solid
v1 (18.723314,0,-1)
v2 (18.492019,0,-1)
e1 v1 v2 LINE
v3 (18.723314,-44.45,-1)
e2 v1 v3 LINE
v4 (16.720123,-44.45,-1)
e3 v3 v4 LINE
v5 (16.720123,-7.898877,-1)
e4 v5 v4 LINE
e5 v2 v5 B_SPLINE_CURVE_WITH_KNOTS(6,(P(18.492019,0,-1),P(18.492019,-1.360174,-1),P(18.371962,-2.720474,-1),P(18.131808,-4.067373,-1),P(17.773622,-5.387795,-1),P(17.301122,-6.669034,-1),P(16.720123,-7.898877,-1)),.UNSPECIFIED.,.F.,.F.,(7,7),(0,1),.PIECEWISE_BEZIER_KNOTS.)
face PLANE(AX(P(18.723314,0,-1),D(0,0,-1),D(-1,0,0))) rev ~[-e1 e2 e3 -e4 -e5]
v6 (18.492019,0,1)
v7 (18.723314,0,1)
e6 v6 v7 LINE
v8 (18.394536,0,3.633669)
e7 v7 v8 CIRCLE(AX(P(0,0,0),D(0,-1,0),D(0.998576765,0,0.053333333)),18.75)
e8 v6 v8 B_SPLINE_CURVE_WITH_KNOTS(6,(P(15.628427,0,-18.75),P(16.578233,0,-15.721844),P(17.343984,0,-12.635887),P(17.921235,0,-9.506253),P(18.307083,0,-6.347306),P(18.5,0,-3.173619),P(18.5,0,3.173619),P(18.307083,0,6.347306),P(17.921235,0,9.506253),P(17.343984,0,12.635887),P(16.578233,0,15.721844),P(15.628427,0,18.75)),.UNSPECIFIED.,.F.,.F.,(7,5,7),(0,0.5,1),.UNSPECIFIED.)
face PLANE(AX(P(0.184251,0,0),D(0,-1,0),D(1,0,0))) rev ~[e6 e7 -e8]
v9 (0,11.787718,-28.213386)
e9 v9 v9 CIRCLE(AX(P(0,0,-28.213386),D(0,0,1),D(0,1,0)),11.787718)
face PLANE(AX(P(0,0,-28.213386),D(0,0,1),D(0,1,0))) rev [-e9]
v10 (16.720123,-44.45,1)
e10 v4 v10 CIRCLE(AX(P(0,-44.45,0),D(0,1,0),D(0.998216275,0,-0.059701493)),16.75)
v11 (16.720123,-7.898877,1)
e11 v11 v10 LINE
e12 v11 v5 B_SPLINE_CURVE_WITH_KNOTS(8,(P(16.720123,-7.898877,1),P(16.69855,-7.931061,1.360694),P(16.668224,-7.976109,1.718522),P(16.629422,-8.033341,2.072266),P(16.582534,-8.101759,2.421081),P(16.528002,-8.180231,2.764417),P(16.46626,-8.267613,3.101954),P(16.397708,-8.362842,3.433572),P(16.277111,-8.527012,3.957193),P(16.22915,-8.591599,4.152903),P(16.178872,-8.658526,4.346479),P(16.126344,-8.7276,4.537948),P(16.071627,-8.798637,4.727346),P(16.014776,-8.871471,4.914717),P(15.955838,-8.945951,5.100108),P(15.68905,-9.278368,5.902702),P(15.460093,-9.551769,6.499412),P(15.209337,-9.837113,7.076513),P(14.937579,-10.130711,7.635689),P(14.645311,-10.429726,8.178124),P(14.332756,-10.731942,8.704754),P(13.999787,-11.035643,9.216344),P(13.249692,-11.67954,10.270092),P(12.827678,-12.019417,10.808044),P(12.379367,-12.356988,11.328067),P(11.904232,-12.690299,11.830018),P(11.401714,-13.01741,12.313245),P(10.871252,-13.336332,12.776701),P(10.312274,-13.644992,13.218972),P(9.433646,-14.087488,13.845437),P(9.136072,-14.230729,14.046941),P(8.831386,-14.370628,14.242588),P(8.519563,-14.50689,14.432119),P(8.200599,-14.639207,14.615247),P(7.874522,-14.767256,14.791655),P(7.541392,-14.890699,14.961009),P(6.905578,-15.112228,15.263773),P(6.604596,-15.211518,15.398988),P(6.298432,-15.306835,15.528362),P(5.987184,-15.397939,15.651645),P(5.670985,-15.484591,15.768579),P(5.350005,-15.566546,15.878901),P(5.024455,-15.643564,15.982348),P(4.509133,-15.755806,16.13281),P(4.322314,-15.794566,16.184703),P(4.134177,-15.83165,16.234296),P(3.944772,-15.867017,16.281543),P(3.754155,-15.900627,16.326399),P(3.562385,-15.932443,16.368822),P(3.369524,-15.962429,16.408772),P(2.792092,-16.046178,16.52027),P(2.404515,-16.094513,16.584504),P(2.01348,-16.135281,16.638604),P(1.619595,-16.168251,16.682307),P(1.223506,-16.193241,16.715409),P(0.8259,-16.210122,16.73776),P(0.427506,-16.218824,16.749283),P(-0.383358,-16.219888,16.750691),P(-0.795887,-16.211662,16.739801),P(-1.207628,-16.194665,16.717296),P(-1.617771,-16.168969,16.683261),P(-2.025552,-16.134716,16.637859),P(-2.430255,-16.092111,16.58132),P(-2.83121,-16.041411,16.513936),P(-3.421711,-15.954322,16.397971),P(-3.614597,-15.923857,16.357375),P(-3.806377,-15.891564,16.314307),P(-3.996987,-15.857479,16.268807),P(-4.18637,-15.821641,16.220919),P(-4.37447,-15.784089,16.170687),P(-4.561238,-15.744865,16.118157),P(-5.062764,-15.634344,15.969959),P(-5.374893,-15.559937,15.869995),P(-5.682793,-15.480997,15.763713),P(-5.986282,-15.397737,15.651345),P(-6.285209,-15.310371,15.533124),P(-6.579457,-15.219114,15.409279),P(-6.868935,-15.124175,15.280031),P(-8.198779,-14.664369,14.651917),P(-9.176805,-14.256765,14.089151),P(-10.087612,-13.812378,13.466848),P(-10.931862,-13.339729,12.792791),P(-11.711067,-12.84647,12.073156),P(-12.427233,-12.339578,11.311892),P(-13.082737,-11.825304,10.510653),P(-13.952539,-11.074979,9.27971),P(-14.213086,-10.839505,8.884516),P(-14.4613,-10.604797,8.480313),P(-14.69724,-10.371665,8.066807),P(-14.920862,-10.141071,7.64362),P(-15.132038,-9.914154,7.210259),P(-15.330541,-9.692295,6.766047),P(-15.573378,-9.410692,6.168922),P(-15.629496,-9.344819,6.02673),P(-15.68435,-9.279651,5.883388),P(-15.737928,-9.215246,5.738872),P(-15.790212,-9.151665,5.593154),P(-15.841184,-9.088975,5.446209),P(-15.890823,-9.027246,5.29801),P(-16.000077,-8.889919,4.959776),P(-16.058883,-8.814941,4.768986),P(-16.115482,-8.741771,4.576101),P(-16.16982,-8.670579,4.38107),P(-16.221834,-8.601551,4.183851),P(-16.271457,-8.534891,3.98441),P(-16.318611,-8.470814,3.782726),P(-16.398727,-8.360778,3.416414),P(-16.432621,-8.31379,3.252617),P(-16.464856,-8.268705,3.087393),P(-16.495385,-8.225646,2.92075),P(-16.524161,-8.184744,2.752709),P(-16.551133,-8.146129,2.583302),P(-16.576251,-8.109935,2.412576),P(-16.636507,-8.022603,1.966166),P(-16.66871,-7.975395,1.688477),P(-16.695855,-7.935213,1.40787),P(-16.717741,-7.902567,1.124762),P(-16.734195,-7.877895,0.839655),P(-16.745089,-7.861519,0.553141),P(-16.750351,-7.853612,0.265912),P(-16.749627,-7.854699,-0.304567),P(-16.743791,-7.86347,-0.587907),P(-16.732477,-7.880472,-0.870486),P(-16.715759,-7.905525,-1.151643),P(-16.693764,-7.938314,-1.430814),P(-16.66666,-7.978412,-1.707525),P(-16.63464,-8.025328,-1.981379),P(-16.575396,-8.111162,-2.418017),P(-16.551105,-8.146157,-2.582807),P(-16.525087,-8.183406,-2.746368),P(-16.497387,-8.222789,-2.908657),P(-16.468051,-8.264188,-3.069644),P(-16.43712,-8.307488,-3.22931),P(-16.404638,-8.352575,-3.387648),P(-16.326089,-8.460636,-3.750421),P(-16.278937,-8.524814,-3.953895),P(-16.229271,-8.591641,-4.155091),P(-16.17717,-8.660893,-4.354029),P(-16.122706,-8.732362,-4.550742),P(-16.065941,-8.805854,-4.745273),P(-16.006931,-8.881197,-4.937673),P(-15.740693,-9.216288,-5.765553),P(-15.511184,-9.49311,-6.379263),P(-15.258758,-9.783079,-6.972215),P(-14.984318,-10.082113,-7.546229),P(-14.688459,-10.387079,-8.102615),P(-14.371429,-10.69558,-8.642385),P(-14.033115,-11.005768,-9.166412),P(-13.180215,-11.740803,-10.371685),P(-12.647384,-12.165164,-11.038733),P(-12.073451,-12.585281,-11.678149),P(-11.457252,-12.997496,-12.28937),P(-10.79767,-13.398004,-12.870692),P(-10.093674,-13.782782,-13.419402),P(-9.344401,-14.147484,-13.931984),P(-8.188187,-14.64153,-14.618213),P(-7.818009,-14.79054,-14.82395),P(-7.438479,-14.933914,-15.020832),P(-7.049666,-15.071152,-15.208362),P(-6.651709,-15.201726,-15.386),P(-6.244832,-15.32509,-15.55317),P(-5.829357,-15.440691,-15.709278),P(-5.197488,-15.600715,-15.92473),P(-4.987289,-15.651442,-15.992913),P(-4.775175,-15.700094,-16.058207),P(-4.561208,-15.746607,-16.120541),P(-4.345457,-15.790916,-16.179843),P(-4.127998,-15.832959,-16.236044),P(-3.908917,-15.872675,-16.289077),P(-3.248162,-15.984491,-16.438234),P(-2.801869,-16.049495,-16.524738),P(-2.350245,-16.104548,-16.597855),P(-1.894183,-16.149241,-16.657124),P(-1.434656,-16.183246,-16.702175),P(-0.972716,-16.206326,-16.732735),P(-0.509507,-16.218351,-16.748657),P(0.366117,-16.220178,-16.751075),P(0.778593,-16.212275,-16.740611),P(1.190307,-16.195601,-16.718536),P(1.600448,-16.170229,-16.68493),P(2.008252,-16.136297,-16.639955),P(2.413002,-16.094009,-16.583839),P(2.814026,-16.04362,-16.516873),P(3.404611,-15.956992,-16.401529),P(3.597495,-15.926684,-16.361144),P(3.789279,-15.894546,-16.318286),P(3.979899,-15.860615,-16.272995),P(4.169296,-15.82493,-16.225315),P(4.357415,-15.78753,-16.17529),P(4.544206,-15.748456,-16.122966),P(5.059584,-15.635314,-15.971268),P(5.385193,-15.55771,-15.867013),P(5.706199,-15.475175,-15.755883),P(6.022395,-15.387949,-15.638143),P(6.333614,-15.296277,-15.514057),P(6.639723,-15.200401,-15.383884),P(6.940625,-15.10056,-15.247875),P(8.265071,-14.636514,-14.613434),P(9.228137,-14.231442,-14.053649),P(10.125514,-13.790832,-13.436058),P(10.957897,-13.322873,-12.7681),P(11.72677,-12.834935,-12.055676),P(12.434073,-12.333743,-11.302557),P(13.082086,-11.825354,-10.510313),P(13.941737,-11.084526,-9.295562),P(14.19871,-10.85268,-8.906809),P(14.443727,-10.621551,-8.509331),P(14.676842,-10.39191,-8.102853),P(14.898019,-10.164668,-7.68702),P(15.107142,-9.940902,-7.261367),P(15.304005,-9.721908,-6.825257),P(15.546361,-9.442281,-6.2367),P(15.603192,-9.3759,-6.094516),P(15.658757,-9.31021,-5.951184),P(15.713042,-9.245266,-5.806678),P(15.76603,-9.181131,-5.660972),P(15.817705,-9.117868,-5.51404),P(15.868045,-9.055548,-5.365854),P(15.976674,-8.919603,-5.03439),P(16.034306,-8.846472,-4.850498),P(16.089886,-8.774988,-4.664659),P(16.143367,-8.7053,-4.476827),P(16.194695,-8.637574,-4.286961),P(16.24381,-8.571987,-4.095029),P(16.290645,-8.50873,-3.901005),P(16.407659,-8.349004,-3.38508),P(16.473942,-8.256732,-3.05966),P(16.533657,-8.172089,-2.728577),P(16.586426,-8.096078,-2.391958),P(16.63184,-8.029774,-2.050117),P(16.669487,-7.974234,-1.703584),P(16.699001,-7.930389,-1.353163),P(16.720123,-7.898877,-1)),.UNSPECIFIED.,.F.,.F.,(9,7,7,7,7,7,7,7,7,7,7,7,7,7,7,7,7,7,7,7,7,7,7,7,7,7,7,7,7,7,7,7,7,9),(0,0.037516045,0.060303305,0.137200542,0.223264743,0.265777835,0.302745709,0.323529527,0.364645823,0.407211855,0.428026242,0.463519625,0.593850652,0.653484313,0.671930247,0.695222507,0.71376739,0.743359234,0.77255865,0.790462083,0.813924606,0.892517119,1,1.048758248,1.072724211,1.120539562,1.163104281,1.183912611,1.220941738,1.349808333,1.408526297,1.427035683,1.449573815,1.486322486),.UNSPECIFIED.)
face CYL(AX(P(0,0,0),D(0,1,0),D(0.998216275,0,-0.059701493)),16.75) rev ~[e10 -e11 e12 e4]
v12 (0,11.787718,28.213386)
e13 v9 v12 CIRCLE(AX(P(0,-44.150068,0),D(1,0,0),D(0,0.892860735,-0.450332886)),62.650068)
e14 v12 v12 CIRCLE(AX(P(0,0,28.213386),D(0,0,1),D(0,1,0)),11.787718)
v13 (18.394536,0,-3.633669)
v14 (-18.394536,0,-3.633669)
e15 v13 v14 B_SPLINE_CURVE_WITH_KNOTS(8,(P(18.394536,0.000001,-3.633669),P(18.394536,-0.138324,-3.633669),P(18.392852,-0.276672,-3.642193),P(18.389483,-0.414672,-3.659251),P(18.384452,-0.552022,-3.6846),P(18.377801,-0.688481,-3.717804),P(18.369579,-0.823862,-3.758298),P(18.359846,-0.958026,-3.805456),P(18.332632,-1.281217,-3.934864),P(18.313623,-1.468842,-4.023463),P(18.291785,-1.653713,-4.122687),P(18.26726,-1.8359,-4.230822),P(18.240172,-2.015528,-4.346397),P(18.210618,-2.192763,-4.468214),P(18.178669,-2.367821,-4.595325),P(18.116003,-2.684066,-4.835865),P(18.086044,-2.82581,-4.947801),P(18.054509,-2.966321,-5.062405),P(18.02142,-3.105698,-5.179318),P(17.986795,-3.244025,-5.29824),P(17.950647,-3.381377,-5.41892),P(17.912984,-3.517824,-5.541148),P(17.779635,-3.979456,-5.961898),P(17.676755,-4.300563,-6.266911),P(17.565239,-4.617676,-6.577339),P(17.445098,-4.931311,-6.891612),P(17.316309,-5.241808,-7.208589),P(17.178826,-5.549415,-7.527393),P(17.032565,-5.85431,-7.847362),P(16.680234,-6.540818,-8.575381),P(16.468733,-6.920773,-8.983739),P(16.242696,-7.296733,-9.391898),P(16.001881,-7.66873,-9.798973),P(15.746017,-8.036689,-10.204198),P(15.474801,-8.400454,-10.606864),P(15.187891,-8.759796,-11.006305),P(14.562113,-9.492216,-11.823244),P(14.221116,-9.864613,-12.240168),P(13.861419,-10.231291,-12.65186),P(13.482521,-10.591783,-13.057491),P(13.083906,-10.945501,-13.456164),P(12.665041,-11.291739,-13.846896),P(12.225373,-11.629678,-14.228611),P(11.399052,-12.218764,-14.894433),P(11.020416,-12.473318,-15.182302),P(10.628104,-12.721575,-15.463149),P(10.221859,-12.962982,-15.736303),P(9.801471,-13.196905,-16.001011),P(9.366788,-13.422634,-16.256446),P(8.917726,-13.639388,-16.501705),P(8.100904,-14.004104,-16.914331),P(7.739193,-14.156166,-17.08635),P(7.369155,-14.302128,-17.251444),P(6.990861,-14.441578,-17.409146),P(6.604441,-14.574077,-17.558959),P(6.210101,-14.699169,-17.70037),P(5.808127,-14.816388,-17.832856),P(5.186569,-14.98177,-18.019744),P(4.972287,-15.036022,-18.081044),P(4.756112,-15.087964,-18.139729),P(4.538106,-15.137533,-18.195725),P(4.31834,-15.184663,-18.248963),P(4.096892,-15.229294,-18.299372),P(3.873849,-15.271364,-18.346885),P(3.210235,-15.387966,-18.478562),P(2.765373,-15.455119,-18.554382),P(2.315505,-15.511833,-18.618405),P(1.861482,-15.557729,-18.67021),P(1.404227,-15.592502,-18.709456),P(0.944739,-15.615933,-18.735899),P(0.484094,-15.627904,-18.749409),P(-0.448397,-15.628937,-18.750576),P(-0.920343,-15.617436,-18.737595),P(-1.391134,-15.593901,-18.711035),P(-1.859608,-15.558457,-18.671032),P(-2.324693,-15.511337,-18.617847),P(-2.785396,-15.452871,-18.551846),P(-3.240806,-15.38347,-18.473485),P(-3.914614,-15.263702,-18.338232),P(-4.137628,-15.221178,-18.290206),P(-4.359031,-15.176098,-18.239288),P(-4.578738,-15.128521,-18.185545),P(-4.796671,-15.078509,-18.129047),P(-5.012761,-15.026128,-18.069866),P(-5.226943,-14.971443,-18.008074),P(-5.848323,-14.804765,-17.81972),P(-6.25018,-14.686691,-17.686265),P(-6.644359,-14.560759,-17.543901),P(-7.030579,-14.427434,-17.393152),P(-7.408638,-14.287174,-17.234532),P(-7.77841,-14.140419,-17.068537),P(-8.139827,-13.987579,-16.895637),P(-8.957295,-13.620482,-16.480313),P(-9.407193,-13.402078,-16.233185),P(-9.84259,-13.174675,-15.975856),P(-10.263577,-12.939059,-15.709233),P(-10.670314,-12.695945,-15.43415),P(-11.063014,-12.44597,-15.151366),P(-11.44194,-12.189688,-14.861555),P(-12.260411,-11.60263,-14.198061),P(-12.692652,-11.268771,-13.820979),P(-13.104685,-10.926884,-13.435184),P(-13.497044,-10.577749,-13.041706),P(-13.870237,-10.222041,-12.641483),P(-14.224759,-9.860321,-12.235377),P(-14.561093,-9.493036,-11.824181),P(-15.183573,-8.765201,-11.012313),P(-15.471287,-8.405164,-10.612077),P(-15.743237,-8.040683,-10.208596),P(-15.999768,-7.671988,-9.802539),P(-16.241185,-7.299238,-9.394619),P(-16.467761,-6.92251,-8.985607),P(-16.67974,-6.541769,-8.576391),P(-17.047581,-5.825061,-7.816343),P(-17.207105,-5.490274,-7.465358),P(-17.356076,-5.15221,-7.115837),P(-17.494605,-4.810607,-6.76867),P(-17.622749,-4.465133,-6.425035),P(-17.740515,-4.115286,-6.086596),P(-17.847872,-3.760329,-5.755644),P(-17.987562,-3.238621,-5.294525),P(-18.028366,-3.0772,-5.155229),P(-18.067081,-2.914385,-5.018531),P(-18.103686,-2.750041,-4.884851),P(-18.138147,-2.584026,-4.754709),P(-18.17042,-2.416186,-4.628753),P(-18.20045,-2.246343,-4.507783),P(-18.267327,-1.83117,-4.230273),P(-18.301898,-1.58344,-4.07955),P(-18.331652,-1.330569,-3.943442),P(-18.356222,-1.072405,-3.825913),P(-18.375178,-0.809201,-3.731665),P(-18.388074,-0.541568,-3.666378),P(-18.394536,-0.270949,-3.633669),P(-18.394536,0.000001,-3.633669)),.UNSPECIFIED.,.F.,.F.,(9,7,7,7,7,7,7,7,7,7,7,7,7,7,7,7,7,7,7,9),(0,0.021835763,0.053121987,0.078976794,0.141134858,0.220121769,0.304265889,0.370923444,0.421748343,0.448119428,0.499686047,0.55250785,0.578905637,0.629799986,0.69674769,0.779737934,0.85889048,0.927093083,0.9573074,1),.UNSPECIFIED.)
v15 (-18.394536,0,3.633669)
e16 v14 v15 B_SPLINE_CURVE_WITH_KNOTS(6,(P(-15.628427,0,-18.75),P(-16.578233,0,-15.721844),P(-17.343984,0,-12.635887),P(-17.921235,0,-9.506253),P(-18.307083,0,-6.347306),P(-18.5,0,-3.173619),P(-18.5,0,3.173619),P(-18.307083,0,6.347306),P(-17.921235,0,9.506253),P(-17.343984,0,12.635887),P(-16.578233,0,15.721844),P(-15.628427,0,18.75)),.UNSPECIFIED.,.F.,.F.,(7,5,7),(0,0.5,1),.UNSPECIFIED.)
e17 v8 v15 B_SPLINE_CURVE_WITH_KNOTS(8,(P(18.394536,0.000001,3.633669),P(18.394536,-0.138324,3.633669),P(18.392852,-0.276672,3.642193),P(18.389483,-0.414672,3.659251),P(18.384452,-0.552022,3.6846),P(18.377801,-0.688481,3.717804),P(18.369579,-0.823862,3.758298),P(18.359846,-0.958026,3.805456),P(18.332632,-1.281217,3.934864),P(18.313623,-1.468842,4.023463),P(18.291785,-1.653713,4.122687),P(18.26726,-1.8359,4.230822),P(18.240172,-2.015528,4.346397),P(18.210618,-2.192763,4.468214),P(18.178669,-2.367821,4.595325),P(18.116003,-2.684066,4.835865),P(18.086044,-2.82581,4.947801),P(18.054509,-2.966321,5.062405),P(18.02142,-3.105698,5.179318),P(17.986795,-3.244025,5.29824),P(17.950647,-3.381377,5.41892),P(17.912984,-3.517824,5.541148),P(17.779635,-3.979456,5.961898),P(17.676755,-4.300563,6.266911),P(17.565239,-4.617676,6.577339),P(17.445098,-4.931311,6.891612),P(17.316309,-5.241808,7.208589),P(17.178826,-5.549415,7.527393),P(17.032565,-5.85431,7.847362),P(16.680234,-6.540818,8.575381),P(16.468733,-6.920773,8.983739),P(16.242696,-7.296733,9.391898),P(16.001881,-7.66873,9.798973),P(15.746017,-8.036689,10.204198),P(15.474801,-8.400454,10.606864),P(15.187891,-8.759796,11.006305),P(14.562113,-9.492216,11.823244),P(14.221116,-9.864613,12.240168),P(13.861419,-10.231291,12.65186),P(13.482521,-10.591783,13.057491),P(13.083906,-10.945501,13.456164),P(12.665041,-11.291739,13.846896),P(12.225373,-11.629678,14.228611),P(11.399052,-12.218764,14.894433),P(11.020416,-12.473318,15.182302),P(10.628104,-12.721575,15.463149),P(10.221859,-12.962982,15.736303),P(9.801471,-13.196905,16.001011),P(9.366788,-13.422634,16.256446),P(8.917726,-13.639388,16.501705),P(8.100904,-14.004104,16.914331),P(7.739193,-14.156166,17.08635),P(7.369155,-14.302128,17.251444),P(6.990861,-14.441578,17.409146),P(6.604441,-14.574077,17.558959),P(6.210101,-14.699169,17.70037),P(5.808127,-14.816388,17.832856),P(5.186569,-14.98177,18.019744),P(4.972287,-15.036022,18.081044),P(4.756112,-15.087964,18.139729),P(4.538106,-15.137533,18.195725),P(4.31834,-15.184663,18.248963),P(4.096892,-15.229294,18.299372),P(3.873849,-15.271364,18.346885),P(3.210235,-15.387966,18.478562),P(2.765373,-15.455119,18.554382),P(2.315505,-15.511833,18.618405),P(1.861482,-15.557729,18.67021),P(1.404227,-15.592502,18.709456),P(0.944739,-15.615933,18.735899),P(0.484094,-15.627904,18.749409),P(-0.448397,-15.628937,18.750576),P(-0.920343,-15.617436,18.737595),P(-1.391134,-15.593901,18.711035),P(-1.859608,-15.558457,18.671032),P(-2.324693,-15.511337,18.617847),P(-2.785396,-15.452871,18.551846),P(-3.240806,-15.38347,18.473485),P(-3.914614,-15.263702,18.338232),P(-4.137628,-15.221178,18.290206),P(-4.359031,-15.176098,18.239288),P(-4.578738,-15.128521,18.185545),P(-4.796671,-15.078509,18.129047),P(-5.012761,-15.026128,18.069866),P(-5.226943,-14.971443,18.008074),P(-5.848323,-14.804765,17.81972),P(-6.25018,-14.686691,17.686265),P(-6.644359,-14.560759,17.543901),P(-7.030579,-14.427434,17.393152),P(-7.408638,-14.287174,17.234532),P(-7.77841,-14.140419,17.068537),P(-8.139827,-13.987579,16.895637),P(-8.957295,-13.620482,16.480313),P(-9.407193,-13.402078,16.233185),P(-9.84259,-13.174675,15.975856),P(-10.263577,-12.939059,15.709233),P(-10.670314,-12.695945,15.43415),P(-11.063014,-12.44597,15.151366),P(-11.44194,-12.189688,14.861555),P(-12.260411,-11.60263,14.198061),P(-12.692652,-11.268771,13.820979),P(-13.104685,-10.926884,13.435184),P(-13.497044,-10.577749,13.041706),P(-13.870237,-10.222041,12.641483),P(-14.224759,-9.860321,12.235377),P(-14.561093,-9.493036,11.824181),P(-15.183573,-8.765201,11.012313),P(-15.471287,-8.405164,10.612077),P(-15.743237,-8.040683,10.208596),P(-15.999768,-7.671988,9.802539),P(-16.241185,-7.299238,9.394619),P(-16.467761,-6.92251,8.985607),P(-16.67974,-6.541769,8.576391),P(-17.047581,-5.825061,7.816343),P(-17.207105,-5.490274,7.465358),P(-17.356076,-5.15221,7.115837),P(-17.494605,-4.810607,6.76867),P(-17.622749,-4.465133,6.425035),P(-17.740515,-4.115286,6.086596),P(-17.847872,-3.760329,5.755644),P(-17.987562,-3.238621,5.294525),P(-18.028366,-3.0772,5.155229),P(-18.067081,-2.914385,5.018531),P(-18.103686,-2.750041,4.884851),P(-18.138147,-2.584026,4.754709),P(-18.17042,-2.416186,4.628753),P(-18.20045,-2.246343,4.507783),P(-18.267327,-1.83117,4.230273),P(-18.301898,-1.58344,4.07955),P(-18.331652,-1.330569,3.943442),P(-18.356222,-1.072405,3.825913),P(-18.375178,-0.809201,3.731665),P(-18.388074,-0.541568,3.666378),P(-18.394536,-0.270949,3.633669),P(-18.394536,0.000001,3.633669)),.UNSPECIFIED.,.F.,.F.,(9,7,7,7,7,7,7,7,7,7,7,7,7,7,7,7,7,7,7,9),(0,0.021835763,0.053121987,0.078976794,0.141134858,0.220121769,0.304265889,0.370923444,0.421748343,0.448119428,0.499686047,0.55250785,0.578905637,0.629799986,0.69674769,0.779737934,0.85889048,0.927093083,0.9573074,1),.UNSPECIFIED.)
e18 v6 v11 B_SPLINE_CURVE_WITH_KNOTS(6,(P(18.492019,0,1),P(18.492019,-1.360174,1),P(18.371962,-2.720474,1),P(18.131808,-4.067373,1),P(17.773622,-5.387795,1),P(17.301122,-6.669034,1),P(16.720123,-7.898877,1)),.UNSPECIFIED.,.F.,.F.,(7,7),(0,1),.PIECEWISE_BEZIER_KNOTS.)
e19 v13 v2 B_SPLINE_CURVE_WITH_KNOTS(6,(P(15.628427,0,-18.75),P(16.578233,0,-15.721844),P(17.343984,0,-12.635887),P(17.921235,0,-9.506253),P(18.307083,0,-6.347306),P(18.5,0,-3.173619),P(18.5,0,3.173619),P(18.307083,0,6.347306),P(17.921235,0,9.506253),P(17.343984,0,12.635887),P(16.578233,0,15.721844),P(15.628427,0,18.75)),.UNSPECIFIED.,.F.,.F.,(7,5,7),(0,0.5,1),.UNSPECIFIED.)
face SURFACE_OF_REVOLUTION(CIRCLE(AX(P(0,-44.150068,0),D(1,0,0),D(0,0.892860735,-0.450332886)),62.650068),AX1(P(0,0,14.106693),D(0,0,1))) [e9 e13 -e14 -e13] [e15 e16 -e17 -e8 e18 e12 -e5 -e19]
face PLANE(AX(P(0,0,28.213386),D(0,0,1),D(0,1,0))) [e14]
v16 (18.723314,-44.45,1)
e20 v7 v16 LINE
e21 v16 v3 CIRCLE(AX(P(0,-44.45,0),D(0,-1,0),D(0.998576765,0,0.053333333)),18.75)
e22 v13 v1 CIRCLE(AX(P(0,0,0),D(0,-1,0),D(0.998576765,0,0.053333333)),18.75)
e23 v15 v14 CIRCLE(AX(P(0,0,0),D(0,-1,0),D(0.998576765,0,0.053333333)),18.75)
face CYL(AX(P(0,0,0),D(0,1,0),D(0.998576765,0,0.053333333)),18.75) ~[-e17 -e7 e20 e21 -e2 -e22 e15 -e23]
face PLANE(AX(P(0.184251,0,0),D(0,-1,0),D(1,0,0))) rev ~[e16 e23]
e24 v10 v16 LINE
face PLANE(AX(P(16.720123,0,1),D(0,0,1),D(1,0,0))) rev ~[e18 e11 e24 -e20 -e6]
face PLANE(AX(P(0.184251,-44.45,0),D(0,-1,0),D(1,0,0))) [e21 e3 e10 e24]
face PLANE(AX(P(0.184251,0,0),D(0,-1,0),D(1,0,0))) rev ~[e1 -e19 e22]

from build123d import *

# Parameters (mm, degrees)
F1_DEPTH = 44.45


with BuildPart() as f1:
    # F0 (on Front) → F1 (new body)
    with BuildSketch(Plane.XZ):
        with BuildLine():
            ThreePointArc((16.7201226072, -1), (-16.75, 0), (16.7201226072, 1))
            Line((16.7201226072, 1), (18.7233143434, 1))
            ThreePointArc((18.7233143434, 1), (-18.75, 0), (18.7233143434, -1))
            Line((18.7233143434, -1), (16.7201226072, -1))
        make_face()
    extrude(amount=F1_DEPTH)

    # F2 (on Right) → F3 (revolve)
    with BuildSketch(Plane.YZ):
        with BuildLine():
            Line((0, 28.2133857439), (0, 0))
            Line((0, 0), (0, -28.2133857439))
            Line((0, -28.2133857439), (11.7877177934, -28.2133857439))
            ThreePointArc((11.7877177934, -28.2133857439), (18.5, 0), (11.7877177934, 28.2133857439))
            Line((11.7877177934, 28.2133857439), (0, 28.2133857439))
        make_face()
    revolve(axis=Axis((0, 0, 14.106692872), (0, 0, 1)))


solid = f1.part
